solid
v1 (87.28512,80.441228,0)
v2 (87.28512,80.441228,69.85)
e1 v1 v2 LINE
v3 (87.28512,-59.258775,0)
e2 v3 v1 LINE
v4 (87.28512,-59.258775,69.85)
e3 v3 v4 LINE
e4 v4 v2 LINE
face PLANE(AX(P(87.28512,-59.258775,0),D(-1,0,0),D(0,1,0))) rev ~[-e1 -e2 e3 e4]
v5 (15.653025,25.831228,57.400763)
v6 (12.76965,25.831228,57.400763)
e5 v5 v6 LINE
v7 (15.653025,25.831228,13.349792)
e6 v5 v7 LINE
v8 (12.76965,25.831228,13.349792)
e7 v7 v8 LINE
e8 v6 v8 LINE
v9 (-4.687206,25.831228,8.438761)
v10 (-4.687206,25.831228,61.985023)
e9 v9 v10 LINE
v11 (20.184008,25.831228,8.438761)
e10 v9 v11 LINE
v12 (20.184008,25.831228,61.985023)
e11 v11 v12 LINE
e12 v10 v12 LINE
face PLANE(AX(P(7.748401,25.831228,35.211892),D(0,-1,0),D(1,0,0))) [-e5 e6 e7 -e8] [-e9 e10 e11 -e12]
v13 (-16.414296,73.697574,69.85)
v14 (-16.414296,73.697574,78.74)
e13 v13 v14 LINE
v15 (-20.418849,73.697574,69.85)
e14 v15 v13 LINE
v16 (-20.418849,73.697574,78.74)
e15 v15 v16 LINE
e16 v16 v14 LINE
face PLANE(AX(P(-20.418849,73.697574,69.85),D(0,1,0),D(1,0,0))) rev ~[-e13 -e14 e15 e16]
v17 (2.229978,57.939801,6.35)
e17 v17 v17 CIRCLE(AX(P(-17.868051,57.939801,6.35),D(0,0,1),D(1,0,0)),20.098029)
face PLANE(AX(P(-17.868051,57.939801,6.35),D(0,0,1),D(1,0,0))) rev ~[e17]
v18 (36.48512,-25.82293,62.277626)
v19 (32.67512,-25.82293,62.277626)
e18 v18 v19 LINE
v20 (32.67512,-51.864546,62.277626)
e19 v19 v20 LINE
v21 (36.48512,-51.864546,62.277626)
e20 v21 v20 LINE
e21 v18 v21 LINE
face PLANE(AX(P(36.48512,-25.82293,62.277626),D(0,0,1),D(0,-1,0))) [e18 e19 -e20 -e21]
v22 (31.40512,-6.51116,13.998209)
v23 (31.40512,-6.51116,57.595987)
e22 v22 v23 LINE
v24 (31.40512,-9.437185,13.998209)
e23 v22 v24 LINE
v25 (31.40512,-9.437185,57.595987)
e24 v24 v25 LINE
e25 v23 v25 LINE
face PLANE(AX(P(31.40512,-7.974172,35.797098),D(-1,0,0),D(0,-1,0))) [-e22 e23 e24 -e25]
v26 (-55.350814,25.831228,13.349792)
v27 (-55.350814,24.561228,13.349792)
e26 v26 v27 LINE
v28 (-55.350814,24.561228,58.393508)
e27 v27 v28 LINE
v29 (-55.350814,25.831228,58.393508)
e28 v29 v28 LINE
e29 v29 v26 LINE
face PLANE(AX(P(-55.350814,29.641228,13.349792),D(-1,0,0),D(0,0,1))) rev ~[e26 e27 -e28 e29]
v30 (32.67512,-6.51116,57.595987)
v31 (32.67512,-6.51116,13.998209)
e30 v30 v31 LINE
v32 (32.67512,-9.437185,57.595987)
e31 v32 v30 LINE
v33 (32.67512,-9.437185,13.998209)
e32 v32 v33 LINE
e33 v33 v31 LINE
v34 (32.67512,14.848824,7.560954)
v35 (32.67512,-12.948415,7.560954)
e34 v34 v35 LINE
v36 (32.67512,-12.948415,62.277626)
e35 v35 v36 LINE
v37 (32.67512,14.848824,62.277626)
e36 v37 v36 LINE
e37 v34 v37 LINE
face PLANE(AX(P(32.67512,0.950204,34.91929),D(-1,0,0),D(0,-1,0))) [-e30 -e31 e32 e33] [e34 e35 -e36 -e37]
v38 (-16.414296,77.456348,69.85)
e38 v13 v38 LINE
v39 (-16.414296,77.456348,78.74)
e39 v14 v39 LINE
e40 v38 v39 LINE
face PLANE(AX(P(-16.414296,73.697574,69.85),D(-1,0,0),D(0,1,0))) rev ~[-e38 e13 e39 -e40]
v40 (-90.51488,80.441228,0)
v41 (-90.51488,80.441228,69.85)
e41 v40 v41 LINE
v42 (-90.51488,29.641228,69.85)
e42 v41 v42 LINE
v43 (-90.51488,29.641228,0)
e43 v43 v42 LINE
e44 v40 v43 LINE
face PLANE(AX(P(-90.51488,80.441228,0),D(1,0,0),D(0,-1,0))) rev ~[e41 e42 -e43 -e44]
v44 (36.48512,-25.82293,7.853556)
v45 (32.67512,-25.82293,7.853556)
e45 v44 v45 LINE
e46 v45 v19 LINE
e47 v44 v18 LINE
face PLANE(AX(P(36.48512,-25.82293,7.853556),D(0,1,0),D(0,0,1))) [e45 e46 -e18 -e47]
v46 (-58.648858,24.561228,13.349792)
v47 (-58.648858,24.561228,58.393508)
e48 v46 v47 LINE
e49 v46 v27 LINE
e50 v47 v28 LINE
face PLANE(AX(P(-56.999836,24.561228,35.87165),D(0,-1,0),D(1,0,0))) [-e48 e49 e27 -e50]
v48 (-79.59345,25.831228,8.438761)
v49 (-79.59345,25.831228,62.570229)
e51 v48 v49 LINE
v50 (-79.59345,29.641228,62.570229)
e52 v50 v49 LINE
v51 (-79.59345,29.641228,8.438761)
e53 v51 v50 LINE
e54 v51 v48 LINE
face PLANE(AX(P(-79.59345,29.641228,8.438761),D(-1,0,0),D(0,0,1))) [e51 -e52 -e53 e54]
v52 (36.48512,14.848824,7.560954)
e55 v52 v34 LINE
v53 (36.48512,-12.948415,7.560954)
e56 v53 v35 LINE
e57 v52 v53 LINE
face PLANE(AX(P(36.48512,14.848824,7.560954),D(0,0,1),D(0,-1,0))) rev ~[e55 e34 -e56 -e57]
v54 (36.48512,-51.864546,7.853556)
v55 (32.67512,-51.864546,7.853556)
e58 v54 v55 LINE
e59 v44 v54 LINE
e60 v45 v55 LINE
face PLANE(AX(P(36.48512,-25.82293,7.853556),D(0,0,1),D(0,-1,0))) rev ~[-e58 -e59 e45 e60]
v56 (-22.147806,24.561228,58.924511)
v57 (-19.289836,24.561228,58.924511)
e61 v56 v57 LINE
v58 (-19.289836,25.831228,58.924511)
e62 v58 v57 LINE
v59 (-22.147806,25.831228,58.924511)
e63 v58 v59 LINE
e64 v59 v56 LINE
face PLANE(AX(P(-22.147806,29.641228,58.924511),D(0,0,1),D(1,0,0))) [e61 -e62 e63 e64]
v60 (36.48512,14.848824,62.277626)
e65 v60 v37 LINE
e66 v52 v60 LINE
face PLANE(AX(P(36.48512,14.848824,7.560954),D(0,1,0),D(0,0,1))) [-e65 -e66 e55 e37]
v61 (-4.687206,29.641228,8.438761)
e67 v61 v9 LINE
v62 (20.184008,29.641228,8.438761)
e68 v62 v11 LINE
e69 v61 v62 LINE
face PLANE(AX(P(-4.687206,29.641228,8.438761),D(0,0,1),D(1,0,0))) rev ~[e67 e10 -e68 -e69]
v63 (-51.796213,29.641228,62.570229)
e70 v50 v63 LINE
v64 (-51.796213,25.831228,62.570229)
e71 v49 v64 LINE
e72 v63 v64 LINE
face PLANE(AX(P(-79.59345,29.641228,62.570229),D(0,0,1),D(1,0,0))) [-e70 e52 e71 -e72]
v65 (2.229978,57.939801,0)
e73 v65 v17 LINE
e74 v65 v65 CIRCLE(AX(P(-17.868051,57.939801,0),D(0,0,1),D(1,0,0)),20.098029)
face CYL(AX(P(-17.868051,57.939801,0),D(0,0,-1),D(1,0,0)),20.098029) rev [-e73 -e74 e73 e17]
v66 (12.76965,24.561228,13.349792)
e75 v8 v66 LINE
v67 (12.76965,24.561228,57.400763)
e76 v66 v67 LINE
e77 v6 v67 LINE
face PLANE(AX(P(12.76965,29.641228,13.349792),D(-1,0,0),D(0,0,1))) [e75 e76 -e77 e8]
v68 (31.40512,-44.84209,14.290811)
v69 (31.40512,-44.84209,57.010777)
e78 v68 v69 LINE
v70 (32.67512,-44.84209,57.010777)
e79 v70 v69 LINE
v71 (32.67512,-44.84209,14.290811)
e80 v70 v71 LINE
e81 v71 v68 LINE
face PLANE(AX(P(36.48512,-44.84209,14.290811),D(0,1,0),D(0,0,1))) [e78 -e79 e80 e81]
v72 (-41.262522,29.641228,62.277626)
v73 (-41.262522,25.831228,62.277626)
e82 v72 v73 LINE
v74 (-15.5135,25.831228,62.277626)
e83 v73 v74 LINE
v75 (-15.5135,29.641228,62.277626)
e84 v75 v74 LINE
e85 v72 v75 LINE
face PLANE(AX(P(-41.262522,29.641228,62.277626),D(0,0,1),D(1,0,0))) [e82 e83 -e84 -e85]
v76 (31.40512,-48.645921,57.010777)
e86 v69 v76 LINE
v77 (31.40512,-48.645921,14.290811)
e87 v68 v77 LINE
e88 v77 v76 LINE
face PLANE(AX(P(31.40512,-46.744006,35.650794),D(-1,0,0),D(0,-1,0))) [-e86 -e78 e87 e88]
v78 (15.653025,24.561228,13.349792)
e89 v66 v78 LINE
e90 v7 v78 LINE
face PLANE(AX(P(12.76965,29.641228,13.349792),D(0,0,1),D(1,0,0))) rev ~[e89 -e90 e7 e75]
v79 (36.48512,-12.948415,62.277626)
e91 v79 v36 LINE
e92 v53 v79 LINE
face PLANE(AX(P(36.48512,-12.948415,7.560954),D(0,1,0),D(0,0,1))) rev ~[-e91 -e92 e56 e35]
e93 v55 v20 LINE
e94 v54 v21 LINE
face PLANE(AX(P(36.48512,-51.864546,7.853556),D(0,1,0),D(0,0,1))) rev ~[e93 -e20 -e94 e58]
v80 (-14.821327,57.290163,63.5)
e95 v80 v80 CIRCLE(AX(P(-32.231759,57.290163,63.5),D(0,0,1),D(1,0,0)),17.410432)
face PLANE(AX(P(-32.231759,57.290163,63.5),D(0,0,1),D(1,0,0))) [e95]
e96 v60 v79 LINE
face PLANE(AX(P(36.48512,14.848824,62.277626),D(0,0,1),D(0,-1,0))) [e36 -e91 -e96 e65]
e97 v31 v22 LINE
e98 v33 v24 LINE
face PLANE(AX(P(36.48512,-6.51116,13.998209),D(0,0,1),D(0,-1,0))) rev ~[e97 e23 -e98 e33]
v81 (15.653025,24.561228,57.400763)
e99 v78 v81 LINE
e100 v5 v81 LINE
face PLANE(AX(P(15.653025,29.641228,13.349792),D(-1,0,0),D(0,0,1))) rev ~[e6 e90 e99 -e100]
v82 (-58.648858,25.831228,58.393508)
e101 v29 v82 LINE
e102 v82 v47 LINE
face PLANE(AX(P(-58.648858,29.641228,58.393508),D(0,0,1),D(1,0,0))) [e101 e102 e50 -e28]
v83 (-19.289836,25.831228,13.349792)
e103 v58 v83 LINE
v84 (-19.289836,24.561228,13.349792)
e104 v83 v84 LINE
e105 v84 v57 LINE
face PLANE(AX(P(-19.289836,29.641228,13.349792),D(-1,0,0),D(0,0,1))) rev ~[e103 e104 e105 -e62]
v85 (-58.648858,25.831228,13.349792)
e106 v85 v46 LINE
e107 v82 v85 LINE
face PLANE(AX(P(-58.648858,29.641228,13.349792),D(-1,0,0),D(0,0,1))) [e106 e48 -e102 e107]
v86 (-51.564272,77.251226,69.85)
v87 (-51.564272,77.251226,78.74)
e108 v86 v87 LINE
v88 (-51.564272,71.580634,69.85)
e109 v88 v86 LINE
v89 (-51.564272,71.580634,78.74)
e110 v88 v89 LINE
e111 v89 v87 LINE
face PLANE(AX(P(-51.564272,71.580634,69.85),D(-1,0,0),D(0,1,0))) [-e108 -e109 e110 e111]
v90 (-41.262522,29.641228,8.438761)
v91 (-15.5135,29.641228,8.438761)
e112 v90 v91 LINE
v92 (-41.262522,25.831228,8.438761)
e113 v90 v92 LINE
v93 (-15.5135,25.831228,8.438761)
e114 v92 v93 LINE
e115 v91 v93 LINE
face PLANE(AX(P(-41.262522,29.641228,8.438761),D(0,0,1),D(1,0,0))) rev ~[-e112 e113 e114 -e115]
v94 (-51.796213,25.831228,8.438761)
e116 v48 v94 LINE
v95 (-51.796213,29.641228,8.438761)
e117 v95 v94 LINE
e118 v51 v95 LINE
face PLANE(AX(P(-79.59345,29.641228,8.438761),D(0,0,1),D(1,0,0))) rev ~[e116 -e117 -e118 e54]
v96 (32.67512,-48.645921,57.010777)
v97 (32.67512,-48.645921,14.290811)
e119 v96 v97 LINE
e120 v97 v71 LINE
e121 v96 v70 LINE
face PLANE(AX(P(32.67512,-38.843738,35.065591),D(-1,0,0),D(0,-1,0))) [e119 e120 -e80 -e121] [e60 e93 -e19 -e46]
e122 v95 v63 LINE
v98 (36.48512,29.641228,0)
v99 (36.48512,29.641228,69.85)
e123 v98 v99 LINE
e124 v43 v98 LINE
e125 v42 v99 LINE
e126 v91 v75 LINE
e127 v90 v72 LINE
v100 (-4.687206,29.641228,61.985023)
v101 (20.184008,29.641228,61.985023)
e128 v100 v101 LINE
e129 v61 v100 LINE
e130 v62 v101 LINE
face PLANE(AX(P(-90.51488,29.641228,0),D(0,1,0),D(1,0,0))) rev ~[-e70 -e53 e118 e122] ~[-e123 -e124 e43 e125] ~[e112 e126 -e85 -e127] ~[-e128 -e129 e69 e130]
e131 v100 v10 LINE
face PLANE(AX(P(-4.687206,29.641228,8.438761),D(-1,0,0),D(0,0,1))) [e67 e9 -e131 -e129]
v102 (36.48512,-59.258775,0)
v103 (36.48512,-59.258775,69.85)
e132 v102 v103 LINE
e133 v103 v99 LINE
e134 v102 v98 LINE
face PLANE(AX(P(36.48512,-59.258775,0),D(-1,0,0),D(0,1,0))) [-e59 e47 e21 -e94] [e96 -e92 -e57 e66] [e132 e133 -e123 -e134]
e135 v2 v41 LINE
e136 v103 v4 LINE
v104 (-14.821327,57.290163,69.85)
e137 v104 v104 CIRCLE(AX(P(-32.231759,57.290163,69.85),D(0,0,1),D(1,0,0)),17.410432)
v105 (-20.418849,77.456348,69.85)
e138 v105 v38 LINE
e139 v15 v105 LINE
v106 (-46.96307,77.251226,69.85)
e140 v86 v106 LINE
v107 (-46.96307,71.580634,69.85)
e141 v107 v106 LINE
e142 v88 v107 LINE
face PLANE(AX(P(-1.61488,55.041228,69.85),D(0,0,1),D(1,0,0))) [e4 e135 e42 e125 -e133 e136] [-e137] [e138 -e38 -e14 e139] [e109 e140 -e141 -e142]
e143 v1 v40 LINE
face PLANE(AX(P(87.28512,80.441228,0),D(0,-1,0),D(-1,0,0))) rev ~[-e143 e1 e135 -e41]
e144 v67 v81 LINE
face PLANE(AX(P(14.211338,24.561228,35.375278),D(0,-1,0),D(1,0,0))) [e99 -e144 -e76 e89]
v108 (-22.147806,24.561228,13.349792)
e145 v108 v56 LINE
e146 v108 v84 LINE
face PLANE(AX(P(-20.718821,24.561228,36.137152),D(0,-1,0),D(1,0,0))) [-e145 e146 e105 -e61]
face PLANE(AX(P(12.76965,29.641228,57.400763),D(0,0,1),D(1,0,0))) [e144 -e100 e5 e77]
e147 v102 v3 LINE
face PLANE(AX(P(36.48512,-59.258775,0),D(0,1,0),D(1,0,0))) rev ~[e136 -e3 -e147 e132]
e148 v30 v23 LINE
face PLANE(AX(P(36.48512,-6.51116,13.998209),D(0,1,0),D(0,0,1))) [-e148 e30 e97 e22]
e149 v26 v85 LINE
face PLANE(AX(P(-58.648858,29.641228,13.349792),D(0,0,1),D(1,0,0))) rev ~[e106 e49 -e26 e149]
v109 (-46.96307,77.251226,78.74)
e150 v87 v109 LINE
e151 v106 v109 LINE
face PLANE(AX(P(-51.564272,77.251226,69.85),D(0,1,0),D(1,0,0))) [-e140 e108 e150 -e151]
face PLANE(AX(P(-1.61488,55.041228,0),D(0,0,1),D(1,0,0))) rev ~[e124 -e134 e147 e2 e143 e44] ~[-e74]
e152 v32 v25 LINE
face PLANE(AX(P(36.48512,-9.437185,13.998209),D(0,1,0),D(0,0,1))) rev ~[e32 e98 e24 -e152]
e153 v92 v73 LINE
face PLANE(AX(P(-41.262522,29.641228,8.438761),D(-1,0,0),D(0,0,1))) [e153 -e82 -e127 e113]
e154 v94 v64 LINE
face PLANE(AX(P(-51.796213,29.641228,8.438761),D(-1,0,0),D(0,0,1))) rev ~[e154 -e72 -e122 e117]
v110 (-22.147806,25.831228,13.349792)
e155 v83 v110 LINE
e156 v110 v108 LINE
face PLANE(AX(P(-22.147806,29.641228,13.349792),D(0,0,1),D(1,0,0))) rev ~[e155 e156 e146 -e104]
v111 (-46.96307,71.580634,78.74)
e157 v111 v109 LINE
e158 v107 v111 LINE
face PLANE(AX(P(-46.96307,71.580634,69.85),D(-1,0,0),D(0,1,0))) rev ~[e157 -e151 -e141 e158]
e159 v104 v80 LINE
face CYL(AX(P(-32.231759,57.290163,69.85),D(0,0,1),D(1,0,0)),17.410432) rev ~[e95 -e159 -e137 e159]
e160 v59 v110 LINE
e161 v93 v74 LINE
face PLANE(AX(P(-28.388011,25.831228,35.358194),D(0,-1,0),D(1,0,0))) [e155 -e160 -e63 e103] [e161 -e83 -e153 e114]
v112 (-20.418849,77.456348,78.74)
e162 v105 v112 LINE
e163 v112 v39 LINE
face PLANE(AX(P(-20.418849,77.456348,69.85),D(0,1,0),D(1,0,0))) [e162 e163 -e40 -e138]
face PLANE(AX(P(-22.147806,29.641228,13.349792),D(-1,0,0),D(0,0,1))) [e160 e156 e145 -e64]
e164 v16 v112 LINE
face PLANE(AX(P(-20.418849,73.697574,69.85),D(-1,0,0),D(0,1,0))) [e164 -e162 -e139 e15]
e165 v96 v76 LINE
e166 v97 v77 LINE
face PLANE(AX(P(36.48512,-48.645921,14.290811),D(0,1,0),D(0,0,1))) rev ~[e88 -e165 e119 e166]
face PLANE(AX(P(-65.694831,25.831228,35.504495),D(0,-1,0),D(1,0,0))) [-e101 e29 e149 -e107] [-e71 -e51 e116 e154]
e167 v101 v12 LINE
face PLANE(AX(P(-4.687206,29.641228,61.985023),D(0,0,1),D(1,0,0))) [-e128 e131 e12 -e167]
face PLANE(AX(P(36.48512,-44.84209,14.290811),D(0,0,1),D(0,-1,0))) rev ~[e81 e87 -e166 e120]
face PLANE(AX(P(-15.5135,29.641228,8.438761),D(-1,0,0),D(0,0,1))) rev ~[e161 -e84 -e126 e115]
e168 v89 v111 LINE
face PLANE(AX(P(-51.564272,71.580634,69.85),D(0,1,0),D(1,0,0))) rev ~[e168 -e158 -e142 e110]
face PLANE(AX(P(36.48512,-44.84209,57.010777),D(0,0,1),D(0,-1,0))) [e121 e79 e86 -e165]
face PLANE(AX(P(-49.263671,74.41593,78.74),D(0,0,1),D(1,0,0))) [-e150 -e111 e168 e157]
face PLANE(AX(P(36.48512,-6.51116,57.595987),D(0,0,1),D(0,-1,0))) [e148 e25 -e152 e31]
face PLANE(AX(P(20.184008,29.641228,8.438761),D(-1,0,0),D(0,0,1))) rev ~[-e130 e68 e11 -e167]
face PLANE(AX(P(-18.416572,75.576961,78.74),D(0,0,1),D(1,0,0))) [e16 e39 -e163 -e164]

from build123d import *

# Parameters (mm, degrees)
F0_W      = 50.8
F0_H      = 88.9000027377
F1_DEPTH  = 69.85
F2_R      = 20.0980289244
F3_DEPTH  = 6.35
F4_R      = 17.4104320073
F5_DEPTH  = 6.35
F6_W      = 4.6012029052
F6_H      = 5.6705921888
F6_W_2    = 4.0045529604
F6_H_2    = 3.7587732077
F7_DEPTH  = 8.89
F8_W      = 27.7972370386
F8_H      = 54.1314678267
F8_W_2    = 25.7490221411
F8_H_2    = 53.8388649002
F8_W_3    = 24.8712147586
F8_H_3    = 53.5462619737
F9_DEPTH  = 3.81
F10_W     = 27.7972389013
F10_H     = 54.7166722827
F10_W_2   = 26.0416157544
F10_H_2   = 54.4240698218
F11_DEPTH = 3.81
F12_W     = 3.2980442047
F12_H     = 45.0437162071
F12_W_2   = 2.8579700738
F12_H_2   = 45.5747190863
F12_W_3   = 2.8833756223
F12_H_3   = 44.0509710461
F13_DEPTH = 5.08
F14_W     = 2.9260246083
F14_H     = 43.5977773741
F14_W_2   = 3.8038305938
F14_H_2   = 42.7199658006
F15_DEPTH = 5.08


with BuildPart() as f1:
    # F0 (on Top) → F1 (new body)
    with BuildSketch(Plane.XY):
        Polygon((87.2851201832, 80.4412277794), (-90.5148798168, 80.4412277794), (-90.5148798168, 29.6412277794), (36.4851201832, 29.6412277794), (87.2851201832, 29.6412277794), align=None)
        with Locations((61.8851201832, -14.8087735895)):
            Rectangle(F0_W, F0_H)
    extrude(amount=F1_DEPTH)

    # F2 (on Top) → F3 (cut)
    with BuildSketch(Plane.XY):
        with Locations((-17.8680513054, 57.9398013651)):
            Circle(F2_R)
    extrude(amount=F3_DEPTH, mode=Mode.SUBTRACT)

    # F4 (on face) → F5 (cut)
    with BuildSketch(Plane.XY.offset(69.85)):
        with Locations((-32.23175928, 57.2901628911)):
            Circle(F4_R)
    extrude(amount=-F5_DEPTH, mode=Mode.SUBTRACT)

    # F6 (on face) → F7 (join)
    with BuildSketch(Plane.XY.offset(69.85)):
        with Locations((-49.2636710405, 74.4159296155)):
            Rectangle(F6_W, F6_H)
        with Locations((-18.4165723622, 75.5769610405)):
            Rectangle(F6_W_2, F6_H_2)
    extrude(amount=F7_DEPTH)

    # F8 (on face) → F9 (join)
    with BuildSketch(Plane.XZ.offset(-29.6412277794)):
        with Locations((-65.6948313117, 35.5044952594)):
            Rectangle(F8_W, F8_H)
        with Locations((-28.3880112693, 35.3581937961)):
            Rectangle(F8_W_2, F8_H_2)
        with Locations((7.7484010253, 35.2118923329)):
            Rectangle(F8_W_3, F8_H_3)
    extrude(amount=F9_DEPTH)

    # F10 (on face) → F11 (join)
    with BuildSketch(Plane(origin=(36.4851201832, 0, 0), x_dir=(0, -1, 0), z_dir=(-1, 0, 0))):
        with Locations((-0.9502042085, 34.9192901049)):
            Rectangle(F10_W, F10_H)
        with Locations((38.8437379152, 35.0655913353)):
            Rectangle(F10_W_2, F10_H_2)
    extrude(amount=F11_DEPTH)

    # F12 (on face) → F13 (join)
    with BuildSketch(Plane.XZ.offset(-29.6412277794)):
        with Locations((-56.999836117, 35.8716500923)):
            Rectangle(F12_W, F12_H)
        with Locations((-20.7188213244, 36.1371515319)):
            Rectangle(F12_W_2, F12_H_2)
        with Locations((14.2113375477, 35.3752775118)):
            Rectangle(F12_W_3, F12_H_3)
    extrude(amount=F13_DEPTH)

    # F14 (on face) → F15 (join)
    with BuildSketch(Plane(origin=(36.4851201832, 0, 0), x_dir=(0, -1, 0), z_dir=(-1, 0, 0))):
        with Locations((7.9741724767, 35.7970981859)):
            Rectangle(F14_W, F14_H)
        with Locations((46.7440057546, 35.6507943943)):
            Rectangle(F14_W_2, F14_H_2)
    extrude(amount=F15_DEPTH)


solid = f1.part
